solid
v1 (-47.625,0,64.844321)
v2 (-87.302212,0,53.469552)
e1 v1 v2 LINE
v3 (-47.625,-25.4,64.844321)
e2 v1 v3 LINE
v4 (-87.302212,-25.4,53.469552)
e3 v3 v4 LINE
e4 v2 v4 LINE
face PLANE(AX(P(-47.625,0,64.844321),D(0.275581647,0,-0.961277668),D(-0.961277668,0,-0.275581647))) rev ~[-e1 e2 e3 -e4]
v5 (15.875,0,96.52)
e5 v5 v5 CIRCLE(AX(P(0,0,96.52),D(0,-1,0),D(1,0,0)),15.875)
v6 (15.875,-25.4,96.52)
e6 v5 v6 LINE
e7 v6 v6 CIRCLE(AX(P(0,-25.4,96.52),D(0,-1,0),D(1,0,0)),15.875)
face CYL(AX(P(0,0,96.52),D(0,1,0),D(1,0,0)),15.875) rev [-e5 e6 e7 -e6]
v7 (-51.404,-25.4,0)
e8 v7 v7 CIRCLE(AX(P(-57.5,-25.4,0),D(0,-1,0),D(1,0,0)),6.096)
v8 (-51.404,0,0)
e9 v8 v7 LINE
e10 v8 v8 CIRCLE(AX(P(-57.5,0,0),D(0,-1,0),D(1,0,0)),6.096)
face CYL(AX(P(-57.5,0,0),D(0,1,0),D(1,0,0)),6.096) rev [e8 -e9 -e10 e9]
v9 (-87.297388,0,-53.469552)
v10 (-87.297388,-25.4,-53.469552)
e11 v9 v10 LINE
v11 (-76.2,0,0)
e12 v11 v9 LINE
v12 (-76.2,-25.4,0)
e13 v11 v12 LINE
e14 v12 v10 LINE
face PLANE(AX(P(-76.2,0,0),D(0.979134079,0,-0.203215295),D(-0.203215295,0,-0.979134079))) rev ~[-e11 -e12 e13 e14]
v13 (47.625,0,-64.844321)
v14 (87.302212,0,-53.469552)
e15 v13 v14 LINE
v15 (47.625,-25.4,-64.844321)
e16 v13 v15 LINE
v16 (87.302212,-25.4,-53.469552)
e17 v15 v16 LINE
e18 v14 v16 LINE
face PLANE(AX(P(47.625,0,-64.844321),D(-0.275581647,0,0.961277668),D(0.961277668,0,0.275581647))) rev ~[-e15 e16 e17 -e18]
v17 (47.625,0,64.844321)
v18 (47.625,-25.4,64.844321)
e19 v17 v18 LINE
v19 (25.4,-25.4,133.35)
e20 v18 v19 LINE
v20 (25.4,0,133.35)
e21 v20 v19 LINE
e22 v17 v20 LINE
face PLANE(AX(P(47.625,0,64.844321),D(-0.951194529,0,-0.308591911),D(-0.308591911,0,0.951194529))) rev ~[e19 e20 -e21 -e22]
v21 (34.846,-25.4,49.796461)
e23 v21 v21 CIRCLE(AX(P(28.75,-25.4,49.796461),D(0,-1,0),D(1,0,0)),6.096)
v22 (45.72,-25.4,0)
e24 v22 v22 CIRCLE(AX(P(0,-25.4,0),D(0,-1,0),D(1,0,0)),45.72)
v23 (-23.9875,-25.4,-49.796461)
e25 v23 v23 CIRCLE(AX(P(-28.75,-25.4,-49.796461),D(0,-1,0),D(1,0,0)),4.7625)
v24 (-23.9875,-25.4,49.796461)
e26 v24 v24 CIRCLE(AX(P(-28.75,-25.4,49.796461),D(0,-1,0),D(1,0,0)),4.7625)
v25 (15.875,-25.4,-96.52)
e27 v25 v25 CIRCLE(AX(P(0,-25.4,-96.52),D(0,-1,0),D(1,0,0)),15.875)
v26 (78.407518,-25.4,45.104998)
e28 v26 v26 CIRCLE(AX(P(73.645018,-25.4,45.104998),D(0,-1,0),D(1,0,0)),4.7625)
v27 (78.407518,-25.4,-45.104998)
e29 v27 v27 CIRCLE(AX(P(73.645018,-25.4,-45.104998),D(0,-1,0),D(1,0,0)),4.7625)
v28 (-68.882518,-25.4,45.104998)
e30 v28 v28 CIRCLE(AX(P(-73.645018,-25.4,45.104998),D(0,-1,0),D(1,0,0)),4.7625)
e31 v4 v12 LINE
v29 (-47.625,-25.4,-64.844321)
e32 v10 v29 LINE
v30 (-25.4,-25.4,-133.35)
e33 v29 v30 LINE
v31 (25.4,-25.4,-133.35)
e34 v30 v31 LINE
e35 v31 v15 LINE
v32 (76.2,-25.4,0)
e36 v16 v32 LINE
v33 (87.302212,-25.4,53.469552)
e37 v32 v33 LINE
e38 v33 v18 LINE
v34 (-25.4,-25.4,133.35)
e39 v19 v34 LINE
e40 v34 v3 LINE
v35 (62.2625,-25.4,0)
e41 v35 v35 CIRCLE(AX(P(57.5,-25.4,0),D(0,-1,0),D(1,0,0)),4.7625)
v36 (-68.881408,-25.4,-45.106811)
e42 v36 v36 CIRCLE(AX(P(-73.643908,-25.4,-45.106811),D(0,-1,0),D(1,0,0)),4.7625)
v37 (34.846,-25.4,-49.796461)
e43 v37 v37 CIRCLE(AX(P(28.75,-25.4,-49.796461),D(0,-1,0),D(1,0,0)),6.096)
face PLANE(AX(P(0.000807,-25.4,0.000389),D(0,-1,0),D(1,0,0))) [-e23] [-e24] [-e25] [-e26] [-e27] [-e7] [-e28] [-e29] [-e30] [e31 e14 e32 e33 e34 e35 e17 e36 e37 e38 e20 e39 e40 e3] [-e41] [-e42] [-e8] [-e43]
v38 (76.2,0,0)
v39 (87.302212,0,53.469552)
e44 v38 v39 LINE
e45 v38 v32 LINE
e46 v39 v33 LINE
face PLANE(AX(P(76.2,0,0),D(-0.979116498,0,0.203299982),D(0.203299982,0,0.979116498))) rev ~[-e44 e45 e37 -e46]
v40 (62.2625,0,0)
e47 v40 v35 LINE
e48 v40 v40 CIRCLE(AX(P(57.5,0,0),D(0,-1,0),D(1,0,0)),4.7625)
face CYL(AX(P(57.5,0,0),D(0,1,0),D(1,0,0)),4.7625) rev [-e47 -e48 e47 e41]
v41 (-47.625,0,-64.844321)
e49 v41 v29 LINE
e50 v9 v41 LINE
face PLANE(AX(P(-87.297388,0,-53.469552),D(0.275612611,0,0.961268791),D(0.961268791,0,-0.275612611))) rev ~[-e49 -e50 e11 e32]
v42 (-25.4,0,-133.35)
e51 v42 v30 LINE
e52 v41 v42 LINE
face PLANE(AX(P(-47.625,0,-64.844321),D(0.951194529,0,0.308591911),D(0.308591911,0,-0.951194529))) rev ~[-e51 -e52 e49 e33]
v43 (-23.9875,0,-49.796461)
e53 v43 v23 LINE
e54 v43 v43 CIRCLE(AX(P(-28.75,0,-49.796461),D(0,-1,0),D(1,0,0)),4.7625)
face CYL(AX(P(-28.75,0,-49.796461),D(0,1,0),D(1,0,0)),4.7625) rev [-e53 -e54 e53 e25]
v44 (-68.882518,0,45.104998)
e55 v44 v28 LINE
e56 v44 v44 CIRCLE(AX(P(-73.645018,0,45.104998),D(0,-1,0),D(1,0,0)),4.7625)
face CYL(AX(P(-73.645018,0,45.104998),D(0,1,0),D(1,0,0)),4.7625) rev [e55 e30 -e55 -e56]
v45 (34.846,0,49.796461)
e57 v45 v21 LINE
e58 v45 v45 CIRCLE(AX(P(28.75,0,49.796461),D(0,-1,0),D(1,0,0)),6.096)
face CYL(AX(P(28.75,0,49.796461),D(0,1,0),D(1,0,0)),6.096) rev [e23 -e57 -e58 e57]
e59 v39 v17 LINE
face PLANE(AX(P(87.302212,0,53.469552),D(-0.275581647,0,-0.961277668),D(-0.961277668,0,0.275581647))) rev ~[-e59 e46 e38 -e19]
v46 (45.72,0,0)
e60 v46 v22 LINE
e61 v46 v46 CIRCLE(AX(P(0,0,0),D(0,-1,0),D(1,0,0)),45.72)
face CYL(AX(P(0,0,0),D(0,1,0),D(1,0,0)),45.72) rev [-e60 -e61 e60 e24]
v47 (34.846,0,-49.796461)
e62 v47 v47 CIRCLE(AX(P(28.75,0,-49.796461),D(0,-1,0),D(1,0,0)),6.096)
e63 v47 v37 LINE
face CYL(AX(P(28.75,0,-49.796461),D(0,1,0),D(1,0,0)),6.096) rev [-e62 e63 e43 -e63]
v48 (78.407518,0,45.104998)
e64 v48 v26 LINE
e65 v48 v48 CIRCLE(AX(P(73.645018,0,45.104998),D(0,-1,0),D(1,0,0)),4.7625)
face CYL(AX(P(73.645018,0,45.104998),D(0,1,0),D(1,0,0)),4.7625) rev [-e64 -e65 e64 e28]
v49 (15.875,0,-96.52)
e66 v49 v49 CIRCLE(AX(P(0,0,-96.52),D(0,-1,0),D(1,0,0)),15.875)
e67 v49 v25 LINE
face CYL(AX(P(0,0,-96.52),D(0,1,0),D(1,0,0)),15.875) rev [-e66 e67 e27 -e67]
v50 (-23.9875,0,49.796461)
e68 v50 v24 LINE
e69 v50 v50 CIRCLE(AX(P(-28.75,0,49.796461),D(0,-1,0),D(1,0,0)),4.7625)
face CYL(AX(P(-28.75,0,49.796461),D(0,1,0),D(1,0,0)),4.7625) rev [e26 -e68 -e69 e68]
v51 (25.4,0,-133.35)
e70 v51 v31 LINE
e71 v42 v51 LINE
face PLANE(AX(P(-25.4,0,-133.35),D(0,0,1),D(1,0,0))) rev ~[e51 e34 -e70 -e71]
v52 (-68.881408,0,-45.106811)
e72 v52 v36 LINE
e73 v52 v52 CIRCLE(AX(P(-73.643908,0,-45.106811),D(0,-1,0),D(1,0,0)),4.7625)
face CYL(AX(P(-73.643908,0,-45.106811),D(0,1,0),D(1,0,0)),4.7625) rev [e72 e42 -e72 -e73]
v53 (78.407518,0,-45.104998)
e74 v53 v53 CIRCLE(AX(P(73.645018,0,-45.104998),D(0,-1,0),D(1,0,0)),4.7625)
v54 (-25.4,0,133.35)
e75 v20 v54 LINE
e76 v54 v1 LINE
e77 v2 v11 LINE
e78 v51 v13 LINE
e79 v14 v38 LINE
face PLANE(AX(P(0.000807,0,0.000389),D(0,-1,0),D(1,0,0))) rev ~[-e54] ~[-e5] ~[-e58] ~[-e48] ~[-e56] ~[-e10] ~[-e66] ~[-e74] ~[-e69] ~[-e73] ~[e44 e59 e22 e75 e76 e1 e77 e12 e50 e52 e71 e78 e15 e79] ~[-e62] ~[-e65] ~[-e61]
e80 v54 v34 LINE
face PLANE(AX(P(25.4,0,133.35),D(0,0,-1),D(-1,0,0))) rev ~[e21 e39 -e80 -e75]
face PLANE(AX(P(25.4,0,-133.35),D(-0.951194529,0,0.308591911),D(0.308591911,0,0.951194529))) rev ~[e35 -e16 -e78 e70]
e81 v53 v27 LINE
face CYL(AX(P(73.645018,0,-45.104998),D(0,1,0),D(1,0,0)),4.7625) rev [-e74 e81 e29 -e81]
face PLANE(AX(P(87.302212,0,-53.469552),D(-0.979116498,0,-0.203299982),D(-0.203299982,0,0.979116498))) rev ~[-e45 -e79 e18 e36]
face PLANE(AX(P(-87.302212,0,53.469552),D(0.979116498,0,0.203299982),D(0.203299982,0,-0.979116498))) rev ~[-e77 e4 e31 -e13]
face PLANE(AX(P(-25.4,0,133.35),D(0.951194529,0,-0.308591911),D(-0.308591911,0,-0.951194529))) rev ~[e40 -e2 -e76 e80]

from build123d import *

# Parameters (mm, degrees)
F1_R     = 4.7625
F1_R_2   = 15.875
F1_R_3   = 6.096
F1_R_4   = 45.72
F2_DEPTH = 25.4


with BuildPart() as f2:
    # F1 (on face) → F2 (new body)
    with BuildSketch(Plane.XZ):
        Polygon((-47.625, 64.844321), (-87.302212, 53.469552), (-76.2, 0), (-87.297388, -53.469552), (-47.625, -64.844321), (-25.4, -133.35), (25.4, -133.35), (47.625, -64.844321), (87.302212, -53.469552), (76.2, 0), (87.302212, 53.469552), (47.625, 64.844321), (25.4, 133.35), (-25.4, 133.35), align=None)
        with Locations((-73.643908, -45.106811)):
            Circle(F1_R, mode=Mode.SUBTRACT)
        with Locations((-28.75, -49.796461)):
            Circle(F1_R, mode=Mode.SUBTRACT)
        with Locations((0, -96.52)):
            Circle(F1_R_2, mode=Mode.SUBTRACT)
        with Locations((28.75, -49.796461)):
            Circle(F1_R_3, mode=Mode.SUBTRACT)
        with Locations((73.645018, -45.104998)):
            Circle(F1_R, mode=Mode.SUBTRACT)
        with Locations((-57.5, 0)):
            Circle(F1_R_3, mode=Mode.SUBTRACT)
        with Locations((-73.645018, 45.104998)):
            Circle(F1_R, mode=Mode.SUBTRACT)
        with Locations((-28.75, 49.796461)):
            Circle(F1_R, mode=Mode.SUBTRACT)
        Circle(F1_R_4, mode=Mode.SUBTRACT)
        with Locations((28.75, 49.796461)):
            Circle(F1_R_3, mode=Mode.SUBTRACT)
        with Locations((57.5, 0)):
            Circle(F1_R, mode=Mode.SUBTRACT)
        with Locations((73.645018, 45.104998)):
            Circle(F1_R, mode=Mode.SUBTRACT)
        with Locations((0, 96.52)):
            Circle(F1_R_2, mode=Mode.SUBTRACT)
    extrude(amount=F2_DEPTH)


solid = f2.part
